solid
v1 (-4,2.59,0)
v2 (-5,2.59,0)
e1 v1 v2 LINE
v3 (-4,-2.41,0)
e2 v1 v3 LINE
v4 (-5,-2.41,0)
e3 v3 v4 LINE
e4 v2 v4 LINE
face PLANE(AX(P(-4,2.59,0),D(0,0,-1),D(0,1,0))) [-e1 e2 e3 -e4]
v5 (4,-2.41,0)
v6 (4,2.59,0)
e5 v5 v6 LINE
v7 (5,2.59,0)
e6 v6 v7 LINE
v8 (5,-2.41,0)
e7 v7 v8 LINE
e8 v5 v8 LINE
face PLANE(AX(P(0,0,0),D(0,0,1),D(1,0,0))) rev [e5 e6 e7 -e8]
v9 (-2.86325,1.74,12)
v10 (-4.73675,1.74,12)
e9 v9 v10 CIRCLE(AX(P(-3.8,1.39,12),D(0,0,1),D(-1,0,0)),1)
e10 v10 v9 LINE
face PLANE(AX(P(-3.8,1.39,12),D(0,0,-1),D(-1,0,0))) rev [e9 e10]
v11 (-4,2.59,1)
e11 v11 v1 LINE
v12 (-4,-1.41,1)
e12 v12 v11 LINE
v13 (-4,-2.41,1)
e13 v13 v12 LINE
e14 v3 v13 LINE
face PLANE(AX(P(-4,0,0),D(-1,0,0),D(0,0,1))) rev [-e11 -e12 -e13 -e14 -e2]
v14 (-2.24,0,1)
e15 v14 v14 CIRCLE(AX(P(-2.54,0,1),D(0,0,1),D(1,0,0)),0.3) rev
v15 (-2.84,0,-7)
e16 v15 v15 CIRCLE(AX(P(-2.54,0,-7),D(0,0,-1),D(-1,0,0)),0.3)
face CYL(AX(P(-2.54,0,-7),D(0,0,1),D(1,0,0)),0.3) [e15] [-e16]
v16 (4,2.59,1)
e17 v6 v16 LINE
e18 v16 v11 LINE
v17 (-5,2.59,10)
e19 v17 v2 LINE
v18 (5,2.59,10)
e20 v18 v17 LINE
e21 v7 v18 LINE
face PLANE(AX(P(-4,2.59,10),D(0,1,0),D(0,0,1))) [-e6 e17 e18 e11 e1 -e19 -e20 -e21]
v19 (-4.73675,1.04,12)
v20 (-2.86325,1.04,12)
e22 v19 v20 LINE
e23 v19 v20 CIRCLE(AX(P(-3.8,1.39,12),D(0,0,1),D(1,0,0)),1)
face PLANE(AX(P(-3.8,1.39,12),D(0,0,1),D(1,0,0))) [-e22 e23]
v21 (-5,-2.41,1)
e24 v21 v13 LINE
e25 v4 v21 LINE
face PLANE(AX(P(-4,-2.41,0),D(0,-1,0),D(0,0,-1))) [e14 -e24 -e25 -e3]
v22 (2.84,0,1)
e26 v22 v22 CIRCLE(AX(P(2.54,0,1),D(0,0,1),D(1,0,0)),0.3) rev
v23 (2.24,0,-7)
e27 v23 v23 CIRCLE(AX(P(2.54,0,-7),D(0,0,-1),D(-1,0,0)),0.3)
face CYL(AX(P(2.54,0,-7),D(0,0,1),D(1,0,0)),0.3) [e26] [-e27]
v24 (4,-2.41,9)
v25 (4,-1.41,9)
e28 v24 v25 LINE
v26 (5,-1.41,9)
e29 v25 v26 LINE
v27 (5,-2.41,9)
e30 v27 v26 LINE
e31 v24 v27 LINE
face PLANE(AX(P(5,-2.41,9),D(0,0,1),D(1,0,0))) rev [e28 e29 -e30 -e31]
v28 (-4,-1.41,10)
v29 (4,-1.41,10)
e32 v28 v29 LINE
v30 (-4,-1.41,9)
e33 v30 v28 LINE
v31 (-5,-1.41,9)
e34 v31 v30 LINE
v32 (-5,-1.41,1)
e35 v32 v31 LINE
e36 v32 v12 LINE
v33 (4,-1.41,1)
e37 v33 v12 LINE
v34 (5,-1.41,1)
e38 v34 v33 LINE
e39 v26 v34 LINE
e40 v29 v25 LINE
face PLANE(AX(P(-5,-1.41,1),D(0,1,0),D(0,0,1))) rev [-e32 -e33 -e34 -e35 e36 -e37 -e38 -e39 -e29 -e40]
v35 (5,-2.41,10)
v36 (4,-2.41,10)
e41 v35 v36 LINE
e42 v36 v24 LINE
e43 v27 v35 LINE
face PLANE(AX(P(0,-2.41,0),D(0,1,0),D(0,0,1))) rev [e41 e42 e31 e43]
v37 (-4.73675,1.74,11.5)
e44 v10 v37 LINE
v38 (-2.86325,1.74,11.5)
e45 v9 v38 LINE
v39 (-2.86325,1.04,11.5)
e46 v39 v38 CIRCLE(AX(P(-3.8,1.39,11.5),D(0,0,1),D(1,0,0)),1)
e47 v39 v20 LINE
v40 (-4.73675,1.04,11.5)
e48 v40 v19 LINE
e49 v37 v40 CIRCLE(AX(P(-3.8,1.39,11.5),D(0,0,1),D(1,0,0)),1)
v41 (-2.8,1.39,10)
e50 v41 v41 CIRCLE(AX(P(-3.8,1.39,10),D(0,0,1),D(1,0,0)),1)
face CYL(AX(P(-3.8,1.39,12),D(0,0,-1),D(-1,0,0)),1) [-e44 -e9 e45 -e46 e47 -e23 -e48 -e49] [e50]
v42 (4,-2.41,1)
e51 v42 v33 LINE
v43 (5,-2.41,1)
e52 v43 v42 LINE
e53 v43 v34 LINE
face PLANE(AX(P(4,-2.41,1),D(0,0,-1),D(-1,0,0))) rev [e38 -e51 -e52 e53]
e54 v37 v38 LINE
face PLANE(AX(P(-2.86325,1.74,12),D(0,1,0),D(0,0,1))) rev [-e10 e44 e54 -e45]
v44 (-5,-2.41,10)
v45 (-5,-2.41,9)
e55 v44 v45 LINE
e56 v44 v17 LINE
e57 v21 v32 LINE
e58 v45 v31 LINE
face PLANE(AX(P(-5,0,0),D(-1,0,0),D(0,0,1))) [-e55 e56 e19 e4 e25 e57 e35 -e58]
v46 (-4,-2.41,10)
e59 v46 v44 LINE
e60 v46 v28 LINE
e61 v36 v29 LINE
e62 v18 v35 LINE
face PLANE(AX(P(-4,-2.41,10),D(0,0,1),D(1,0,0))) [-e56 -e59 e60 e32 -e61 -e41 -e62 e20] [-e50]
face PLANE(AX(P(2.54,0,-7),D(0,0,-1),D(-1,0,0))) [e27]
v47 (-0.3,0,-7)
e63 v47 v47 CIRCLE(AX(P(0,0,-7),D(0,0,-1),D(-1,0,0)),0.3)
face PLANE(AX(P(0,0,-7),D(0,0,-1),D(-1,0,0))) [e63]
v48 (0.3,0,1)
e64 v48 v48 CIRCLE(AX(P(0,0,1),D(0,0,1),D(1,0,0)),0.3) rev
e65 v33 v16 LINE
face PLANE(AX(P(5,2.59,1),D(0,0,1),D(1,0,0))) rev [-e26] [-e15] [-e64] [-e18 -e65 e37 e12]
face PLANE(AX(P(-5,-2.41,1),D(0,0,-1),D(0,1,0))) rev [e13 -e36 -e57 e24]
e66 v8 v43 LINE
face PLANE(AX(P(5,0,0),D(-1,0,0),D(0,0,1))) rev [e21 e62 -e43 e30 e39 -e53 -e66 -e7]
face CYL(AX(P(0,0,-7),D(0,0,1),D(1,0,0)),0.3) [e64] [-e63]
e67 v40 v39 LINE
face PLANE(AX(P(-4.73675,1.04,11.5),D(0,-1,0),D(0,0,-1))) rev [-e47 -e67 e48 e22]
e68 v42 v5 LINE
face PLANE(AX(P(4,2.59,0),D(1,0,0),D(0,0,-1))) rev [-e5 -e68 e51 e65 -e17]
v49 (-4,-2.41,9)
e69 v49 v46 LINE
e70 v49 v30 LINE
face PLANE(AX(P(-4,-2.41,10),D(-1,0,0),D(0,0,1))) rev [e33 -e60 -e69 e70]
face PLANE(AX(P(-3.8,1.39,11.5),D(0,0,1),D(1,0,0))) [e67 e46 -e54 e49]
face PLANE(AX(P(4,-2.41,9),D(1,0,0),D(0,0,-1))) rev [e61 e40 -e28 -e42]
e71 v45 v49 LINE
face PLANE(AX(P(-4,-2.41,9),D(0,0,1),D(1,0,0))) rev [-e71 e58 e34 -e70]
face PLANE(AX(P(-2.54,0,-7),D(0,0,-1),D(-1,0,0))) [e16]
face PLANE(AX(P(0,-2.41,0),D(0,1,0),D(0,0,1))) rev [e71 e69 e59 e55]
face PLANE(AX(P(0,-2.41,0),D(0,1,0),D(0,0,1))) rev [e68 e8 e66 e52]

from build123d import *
from build123d.topology import SkipClean

# Parameters (mm, degrees)
SKETCH_1_W          = 5
SKETCH_1_H          = 10
EXTRUDE_1_DEPTH     = 1
SKETCH_2_W          = 9
SKETCH_2_H          = 1
CUT_EXTRUDE_1_DEPTH = 11.378251298
SKETCH_3_W          = 9
SKETCH_3_H          = 4
EXTRUDE_2_DEPTH     = 9
SKETCH_4_W          = 1
SKETCH_4_H          = 4
EXTRUDE_3_DEPTH     = 1
SKETCH_5_W          = 1
SKETCH_5_H          = 1
EXTRUDE_4_DEPTH     = 1
SKETCH_6_W          = 1
SKETCH_6_H          = 1
EXTRUDE_5_DEPTH     = 1
SKETCH_7_W          = 1
SKETCH_7_H          = 1
EXTRUDE_6_DEPTH     = 1
SKETCH_8_R          = 1
EXTRUDE_7_DEPTH     = 2
CUT_EXTRUDE_START   = -0.5
CUT_EXTRUDE_2_DEPTH = 0.5
EXTRUDE_8_DEPTH     = 0.5
SKETCH_11_R         = 0.3
EXTRUDE_9_DEPTH     = 8
SKETCH_12_R         = 0.3
EXTRUDE_10_DEPTH    = 8
SKETCH_13_R         = 0.3
EXTRUDE_11_DEPTH    = 8


with BuildPart() as part:
    # Эскиз1 → Бобышка-Вытянуть1 (new body)
    with BuildSketch(Plane(origin=(-5, 0, 0), x_dir=(0, -1, 0), z_dir=(-1, 0, 0))):
        with Locations((-0.09, 5)):
            Rectangle(SKETCH_1_W, SKETCH_1_H)
    extrude(amount=-EXTRUDE_1_DEPTH)

    # Эскиз2 → Вырез-Вытянуть1 (cut, through all)
    with BuildSketch(Plane(origin=(-4, 0, 0), x_dir=(0, 0, -1), z_dir=(1, 0, 0))):
        with Locations((-5.5, -1.91)):
            Rectangle(SKETCH_2_W, SKETCH_2_H)
    extrude(amount=-CUT_EXTRUDE_1_DEPTH, mode=Mode.SUBTRACT)

    # Эскиз3 → Бобышка-Вытянуть2 (add)
    with BuildSketch(Plane(origin=(-4, 0, 0), x_dir=(0, 0, -1), z_dir=(1, 0, 0))):
        with Locations((-5.5, 0.59)):
            Rectangle(SKETCH_3_W, SKETCH_3_H)
    extrude(amount=EXTRUDE_2_DEPTH)

    # Эскиз4 → Бобышка-Вытянуть3 (add)
    with BuildSketch(Plane(origin=(0, 0, 1), x_dir=(-1, 0, 0), z_dir=(0, 0, -1))):
        with Locations((-4.5, 0.59)):
            Rectangle(SKETCH_4_W, SKETCH_4_H)
    extrude(amount=EXTRUDE_3_DEPTH)

    # Эскиз5 → Бобышка-Вытянуть4 (add)
    with BuildSketch(Plane.XZ.offset(1.41)):
        with Locations((4.5, 0.5)):
            Rectangle(SKETCH_5_W, SKETCH_5_H)
    extrude(amount=EXTRUDE_4_DEPTH)

    # Эскиз6 → Бобышка-Вытянуть5 (add)
    with BuildSketch(Plane.XZ.offset(1.41)):
        with Locations((-4.5, 9.5)):
            Rectangle(SKETCH_6_W, SKETCH_6_H)
    extrude(amount=EXTRUDE_5_DEPTH)

    # Эскиз7 → Бобышка-Вытянуть6 (add)
    with BuildSketch(Plane.XZ.offset(1.41)):
        with Locations((4.5, 9.5)):
            Rectangle(SKETCH_7_W, SKETCH_7_H)
    extrude(amount=EXTRUDE_6_DEPTH)

    # Эскиз8 → Бобышка-Вытянуть7 (add)
    with BuildSketch(Plane.XY.offset(10)):
        with Locations((-3.8, 1.39)):
            Circle(SKETCH_8_R)
    extrude(amount=EXTRUDE_7_DEPTH)

    # Эскиз9 → Вырез-Вытянуть2 (cut)
    with BuildSketch(Plane.XY.offset(12).offset(CUT_EXTRUDE_START)):
        with BuildLine():
            Line((-4.7367497, 1.04), (-2.8632503, 1.04))
            ThreePointArc((-2.8632503, 1.04), (-3.8, 2.39), (-4.7367497, 1.04))
        make_face()
    extrude(amount=CUT_EXTRUDE_2_DEPTH, mode=Mode.SUBTRACT)

    # Эскиз10 → Бобышка-Вытянуть8 (add)
    with SkipClean():  # the faces are left unmerged after this step: merging them gives an invalid solid
        with BuildSketch(Plane.XY.offset(11.5)):
            with BuildLine():
                Line((-2.8632503, 1.74), (-4.7367497, 1.74))
                ThreePointArc((-4.7367497, 1.74), (-3.8, 2.39), (-2.8632503, 1.74))
            make_face()
        extrude(amount=EXTRUDE_8_DEPTH)

    # Эскиз11 → Бобышка-Вытянуть9 (add)
    with SkipClean():  # the faces are left unmerged after this step: merging them gives an invalid solid
        with BuildSketch(Plane(origin=(0, 0, 1), x_dir=(-1, 0, 0), z_dir=(0, 0, -1))):
            with Locations(Location((-2.54, 0, 0), (0, 0, 180))):
                Circle(SKETCH_11_R)
        extrude(amount=EXTRUDE_9_DEPTH)

    # Эскиз12 → Бобышка-Вытянуть10 (add)
    with SkipClean():  # the faces are left unmerged after this step: merging them gives an invalid solid
        with BuildSketch(Plane(origin=(0, 0, 1), x_dir=(-1, 0, 0), z_dir=(0, 0, -1))):
            with Locations(Location((0, 0, 0), (0, 0, 180))):
                Circle(SKETCH_12_R)
        extrude(amount=EXTRUDE_10_DEPTH)

    # Эскиз13 → Бобышка-Вытянуть11 (add)
    with SkipClean():  # the faces are left unmerged after this step: merging them gives an invalid solid
        with BuildSketch(Plane(origin=(0, 0, 1), x_dir=(-1, 0, 0), z_dir=(0, 0, -1))):
            with Locations(Location((2.54, 0, 0), (0, 0, 180))):
                Circle(SKETCH_13_R)
        extrude(amount=EXTRUDE_11_DEPTH)


solid = part.part
